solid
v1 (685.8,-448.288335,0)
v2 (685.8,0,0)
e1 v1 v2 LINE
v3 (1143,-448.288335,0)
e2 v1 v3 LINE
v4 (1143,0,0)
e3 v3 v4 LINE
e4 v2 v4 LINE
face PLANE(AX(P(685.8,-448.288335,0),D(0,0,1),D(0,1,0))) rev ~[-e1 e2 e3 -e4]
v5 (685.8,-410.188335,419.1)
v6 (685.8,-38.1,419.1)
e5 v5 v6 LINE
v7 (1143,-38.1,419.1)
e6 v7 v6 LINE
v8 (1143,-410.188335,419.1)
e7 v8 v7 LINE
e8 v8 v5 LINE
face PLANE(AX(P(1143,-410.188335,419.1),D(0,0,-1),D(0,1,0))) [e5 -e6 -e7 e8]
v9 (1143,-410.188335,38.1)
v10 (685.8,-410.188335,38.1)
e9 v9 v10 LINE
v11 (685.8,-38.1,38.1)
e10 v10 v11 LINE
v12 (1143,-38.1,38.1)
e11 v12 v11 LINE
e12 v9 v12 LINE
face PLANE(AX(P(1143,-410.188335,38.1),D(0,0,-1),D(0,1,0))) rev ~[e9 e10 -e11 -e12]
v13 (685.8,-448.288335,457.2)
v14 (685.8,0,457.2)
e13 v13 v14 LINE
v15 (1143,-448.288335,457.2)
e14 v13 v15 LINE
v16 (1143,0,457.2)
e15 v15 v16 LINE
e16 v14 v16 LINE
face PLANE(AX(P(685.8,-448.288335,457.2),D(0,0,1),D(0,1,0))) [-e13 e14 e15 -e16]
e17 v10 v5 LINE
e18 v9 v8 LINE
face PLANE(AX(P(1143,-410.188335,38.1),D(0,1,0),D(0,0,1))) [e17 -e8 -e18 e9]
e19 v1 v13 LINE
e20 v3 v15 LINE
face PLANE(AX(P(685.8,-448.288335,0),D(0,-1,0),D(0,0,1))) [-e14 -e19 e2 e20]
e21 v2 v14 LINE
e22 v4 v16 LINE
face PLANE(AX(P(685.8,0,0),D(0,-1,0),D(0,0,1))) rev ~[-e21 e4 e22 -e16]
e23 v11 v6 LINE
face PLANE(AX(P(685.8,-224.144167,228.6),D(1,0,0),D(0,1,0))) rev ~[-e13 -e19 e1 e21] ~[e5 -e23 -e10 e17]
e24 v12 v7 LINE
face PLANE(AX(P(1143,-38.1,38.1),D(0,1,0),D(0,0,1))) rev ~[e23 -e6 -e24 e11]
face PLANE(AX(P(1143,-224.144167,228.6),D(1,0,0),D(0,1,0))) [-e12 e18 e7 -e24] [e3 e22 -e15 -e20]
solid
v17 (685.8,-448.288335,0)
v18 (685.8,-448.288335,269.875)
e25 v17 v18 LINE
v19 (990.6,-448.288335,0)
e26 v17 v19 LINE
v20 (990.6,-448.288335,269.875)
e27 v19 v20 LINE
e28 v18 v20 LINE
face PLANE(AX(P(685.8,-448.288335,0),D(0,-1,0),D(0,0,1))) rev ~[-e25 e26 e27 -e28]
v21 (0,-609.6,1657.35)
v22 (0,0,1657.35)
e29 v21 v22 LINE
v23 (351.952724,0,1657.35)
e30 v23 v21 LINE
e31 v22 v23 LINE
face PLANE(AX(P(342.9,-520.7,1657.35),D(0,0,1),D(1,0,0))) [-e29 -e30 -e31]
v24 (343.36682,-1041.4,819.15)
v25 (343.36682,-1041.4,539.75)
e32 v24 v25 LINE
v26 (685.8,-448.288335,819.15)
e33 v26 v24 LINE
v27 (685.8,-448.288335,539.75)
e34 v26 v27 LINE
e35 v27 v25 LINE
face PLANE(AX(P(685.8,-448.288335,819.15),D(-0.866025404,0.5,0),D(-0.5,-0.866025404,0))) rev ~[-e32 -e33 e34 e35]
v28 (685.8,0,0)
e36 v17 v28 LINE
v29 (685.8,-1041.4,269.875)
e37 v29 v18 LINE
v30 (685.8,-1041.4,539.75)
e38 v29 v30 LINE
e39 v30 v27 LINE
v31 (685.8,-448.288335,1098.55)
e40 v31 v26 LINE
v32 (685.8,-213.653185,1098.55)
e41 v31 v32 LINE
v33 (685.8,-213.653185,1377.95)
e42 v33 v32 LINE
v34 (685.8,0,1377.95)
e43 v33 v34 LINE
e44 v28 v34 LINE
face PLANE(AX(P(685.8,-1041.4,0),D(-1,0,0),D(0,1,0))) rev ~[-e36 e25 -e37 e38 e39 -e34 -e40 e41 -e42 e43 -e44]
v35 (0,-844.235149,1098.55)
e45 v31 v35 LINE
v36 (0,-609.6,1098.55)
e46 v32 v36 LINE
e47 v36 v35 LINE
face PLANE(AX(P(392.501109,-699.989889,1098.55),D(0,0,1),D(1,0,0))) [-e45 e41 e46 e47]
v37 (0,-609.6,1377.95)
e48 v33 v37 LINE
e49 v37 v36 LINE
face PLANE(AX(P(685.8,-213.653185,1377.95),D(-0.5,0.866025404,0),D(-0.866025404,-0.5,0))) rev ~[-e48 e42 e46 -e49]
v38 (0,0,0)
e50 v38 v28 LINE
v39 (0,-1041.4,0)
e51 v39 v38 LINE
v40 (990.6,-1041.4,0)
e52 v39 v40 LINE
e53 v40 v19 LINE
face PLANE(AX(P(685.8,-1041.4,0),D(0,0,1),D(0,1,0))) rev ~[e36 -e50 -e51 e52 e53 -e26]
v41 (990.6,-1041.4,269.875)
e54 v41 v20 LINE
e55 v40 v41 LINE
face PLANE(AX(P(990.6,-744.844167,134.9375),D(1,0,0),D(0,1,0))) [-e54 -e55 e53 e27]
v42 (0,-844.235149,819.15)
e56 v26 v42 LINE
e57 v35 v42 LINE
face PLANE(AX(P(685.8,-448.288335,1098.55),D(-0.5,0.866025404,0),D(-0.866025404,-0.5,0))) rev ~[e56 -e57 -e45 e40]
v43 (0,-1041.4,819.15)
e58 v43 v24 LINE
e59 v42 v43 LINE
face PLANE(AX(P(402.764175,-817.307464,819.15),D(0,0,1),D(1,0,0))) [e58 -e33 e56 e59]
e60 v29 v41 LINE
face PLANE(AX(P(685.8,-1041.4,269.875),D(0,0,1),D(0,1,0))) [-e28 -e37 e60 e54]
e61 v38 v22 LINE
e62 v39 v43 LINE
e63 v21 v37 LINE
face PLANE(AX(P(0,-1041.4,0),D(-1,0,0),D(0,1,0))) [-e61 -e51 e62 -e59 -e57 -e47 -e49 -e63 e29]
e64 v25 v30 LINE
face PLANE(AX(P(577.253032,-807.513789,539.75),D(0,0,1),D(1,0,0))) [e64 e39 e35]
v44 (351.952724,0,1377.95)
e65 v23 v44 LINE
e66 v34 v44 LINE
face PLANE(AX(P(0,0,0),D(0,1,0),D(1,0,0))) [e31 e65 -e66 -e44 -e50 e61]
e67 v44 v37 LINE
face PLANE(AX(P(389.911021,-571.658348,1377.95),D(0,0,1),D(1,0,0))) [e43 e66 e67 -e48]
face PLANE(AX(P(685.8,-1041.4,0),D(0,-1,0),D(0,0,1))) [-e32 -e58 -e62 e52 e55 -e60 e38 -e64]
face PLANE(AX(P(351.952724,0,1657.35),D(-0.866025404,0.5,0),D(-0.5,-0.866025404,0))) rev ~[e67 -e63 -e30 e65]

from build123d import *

# Parameters (mm, degrees)
F0_W      = 685.8
F0_H      = 1041.4
F1_DEPTH  = 1657.35
F3_DEPTH  = 279.4
F5_DEPTH  = 279.4
F7_DEPTH  = 279.4
F9_DEPTH  = 279.4
F10_W     = 593.1116652116
F10_H     = 269.875
F11_DEPTH = 304.8
F12_W     = 448.2883347884
F12_H     = 457.2
F13_DEPTH = 457.2
F14_W     = 372.0883347884
F14_H     = 381
F15_DEPTH = 1143.001


with BuildPart() as f1:
    # F0 (on Top) → F1 (new body)
    with BuildSketch(Plane.XY):
        with Locations((342.9, -520.7)):
            Rectangle(F0_W, F0_H)
    extrude(amount=F1_DEPTH)

    # F2 (on face) → F3 (cut)
    with BuildSketch(Plane.XY.offset(1657.35)):
        Polygon((351.952724098, 0), (0, -609.6), (0, -1041.4), (685.8, -1041.4), (685.8, 0), align=None)
    extrude(amount=-F3_DEPTH, mode=Mode.SUBTRACT)

    # F4 (on face) → F5 (cut)
    with BuildSketch(Plane.XY.offset(1377.95)):
        Polygon((0, -609.6), (0, -1041.4), (685.8, -1041.4), (685.8, -213.6531853898), align=None)
    extrude(amount=-F5_DEPTH, mode=Mode.SUBTRACT)

    # F6 (on face) → F7 (cut)
    with BuildSketch(Plane.XY.offset(1098.55)):
        Polygon((685.8, -448.2883347884), (0, -844.2351493987), (0, -1041.4), (685.8, -1041.4), align=None)
    extrude(amount=-F7_DEPTH, mode=Mode.SUBTRACT)

    # F8 (on face) → F9 (cut)
    with BuildSketch(Plane.XY.offset(819.15)):
        Polygon((685.8, -448.2883347884), (343.3668204306, -1041.4), (685.8, -1041.4), align=None)
    extrude(amount=-F9_DEPTH, mode=Mode.SUBTRACT)

    # F10 (on face) → F11 (join)
    with BuildSketch(Plane.YZ.offset(685.8)):
        with Locations((-744.8441673942, 134.9375)):
            Rectangle(F10_W, F10_H)
    extrude(amount=F11_DEPTH)


with BuildPart() as f13:
    # F12 (on face) → F13 (new body)
    with BuildSketch(Plane.YZ.offset(685.8)):
        with Locations((-224.1441673942, 228.6)):
            Rectangle(F12_W, F12_H)
    extrude(amount=F13_DEPTH)

    # F14 (on face) → F15 (cut, through all)
    with BuildSketch(Plane.YZ.offset(1143)):
        with Locations((-224.1441673942, 228.6)):
            Rectangle(F14_W, F14_H)
    extrude(amount=-F15_DEPTH, mode=Mode.SUBTRACT)


solid = Compound([f1.part, f13.part])
